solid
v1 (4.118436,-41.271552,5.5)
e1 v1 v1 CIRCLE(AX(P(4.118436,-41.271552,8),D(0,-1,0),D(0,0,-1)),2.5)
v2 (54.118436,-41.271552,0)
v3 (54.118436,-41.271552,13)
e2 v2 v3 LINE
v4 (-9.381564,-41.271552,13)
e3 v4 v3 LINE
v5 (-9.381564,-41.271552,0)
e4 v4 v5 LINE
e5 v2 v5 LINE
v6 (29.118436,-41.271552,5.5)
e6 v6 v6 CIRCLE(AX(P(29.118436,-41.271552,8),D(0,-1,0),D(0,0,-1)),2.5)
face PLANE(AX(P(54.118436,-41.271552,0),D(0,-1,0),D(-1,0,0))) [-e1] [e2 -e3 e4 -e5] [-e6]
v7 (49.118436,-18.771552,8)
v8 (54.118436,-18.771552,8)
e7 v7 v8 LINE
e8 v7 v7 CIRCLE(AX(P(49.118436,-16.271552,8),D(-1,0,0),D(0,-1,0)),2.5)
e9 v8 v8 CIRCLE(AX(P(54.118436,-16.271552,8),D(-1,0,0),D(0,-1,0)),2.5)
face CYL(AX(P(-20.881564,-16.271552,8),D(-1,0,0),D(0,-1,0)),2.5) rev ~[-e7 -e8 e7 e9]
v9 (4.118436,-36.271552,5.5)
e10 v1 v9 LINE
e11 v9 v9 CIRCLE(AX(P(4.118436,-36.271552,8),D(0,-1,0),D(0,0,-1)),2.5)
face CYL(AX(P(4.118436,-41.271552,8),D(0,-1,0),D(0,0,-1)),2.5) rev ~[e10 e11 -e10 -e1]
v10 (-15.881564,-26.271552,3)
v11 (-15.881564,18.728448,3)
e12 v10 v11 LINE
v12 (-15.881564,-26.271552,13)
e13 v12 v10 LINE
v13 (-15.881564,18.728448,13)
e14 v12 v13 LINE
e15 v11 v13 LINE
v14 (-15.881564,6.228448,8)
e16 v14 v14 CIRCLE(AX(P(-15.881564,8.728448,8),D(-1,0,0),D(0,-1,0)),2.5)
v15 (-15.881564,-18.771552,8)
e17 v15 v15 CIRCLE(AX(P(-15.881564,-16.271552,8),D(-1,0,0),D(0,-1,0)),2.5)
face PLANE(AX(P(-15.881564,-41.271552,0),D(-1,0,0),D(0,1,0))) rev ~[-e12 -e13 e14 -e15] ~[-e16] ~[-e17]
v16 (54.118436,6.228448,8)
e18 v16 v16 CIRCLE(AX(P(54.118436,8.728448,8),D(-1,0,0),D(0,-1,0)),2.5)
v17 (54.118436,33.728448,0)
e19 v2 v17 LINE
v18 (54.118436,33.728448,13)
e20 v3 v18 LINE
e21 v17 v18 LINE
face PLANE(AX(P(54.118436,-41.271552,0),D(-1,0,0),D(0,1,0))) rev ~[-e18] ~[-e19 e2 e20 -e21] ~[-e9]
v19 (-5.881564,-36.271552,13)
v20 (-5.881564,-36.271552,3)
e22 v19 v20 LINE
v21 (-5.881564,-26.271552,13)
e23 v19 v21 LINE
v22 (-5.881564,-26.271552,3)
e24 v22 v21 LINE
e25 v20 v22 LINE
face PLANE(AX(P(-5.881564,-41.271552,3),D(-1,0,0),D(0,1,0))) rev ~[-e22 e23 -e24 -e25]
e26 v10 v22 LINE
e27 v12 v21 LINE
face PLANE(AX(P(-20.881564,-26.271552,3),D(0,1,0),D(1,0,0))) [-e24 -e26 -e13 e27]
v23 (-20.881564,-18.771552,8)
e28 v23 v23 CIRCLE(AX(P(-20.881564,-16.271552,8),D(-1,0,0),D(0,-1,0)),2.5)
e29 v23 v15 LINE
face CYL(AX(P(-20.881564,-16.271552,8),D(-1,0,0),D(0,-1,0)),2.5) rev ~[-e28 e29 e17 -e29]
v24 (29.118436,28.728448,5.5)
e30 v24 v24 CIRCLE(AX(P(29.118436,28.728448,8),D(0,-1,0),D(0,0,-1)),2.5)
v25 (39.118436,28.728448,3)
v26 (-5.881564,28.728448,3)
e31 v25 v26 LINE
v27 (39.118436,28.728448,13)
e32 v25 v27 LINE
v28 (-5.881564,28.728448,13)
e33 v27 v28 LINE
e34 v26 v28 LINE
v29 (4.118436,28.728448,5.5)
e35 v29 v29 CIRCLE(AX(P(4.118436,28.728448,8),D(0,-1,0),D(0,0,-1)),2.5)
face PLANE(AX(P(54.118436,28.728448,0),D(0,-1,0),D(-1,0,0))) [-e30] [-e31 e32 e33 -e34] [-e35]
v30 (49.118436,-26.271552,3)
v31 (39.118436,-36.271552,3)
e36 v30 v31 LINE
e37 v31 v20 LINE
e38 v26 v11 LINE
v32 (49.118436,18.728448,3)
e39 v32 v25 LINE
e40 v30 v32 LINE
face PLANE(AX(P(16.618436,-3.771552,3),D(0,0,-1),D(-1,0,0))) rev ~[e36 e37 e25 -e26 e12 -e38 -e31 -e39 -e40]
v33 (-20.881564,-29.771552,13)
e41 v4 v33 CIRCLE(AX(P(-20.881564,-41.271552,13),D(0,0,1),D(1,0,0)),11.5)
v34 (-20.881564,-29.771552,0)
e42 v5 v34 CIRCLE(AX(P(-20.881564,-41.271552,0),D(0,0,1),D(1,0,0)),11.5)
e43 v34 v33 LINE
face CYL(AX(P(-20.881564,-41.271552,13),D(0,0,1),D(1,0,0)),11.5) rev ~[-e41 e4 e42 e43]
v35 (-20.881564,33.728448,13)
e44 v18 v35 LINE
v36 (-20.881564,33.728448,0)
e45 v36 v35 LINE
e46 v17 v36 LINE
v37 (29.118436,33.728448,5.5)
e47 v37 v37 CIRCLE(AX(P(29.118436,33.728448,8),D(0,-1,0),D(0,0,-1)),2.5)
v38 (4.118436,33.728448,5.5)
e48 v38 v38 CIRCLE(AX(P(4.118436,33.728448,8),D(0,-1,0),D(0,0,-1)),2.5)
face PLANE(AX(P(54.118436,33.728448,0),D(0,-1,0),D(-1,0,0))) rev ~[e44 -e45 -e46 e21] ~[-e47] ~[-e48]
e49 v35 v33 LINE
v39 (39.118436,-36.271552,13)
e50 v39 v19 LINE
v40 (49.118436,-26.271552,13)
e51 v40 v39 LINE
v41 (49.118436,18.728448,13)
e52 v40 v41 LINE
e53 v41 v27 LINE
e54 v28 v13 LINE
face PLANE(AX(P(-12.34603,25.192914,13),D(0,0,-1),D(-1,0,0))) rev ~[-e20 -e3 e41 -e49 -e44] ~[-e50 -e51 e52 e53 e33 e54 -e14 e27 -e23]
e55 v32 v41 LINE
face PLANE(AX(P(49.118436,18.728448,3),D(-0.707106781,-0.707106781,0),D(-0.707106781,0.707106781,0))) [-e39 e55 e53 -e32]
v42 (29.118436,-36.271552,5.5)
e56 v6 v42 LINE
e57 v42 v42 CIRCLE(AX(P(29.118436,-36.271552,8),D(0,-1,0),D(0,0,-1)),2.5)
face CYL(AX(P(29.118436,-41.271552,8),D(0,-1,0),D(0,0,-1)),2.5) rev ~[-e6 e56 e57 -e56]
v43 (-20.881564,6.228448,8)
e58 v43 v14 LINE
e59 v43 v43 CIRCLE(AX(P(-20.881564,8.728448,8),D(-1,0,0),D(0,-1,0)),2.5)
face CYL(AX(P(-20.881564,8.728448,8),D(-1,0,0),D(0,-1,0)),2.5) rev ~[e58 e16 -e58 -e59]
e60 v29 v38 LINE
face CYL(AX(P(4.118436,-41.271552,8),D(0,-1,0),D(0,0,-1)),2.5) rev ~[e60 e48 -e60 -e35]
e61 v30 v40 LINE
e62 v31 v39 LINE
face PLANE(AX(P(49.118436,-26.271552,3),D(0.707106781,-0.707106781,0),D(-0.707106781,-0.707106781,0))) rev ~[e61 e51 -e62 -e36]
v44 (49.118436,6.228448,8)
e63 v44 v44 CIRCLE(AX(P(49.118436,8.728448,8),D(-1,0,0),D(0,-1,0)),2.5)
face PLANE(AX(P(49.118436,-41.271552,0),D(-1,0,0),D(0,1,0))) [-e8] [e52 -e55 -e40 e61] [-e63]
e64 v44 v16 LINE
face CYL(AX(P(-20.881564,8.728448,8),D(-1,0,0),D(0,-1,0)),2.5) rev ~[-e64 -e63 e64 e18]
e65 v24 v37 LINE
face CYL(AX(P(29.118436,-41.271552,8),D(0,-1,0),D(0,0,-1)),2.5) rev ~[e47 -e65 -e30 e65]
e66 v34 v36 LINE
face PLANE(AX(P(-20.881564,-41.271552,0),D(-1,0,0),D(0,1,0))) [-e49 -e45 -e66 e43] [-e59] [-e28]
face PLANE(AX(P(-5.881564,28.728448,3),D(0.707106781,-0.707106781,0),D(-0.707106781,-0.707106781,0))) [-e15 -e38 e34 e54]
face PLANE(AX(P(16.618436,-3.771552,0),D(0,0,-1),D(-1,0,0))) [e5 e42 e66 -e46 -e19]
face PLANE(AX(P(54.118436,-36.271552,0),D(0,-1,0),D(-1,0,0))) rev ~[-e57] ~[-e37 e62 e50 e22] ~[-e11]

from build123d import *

# Parameters (mm, degrees)
BOSS_EXTRU_1_DEPTH        = 13
COQUE1_T                  = -5
COQUE1_THICKNESS_2_FACE_W = 65
COQUE1_THICKNESS_2_FACE_H = 65
COQUE1_THICKNESS_2_DEPTH  = 2
ENL_V_MAT_EXTRU_1_REACH   = 88.587
ESQUISSE2_R               = 2.5
ENL_V_MAT_EXTRU_2_REACH   = 95.396
ESQUISSE3_R               = 2.5
ESQUISSE4_W               = 15
ESQUISSE4_H               = 15
BOSS_EXTRU_2_DEPTH        = 10
ESQUISSE5_R               = 11.5
ENL_V_MAT_EXTRU_3_DEPTH   = 13


with BuildPart() as part:
    # Esquisse1 → Boss.-Extru.1 (new body)
    with BuildSketch(Plane.XY):
        Polygon((44.118436308, 33.728448276), (54.118436308, 33.728448276), (54.118436308, 23.728448276), (54.118436308, -41.271551724), (-20.881563692, -41.271551724), (-20.881563692, 33.728448276), align=None)
    extrude(amount=BOSS_EXTRU_1_DEPTH)

    # Coque1
    coque1_openings = [part.faces().sort_by_distance(p)[0] for p in [
        (16.618436308, -3.771551724, 13),
    ]]
    offset(amount=COQUE1_T, openings=coque1_openings, kind=Kind.INTERSECTION)

    # Coque1 thickness 2 face (on inner face of the shell) → Coque1 thickness 2 (cut)
    with BuildSketch(Plane(origin=(16.618436308, -3.771551724, 5), x_dir=(-1, 0, 0), z_dir=(0, 0, -1))):
        Rectangle(COQUE1_THICKNESS_2_FACE_W, COQUE1_THICKNESS_2_FACE_H)
    extrude(amount=COQUE1_THICKNESS_2_DEPTH, mode=Mode.SUBTRACT)

    # Enlèv. mat.-Extru.1: up to this face of the body (flat: up to its plane)
    enl_v_mat_extru_1_end = Plane(part.part.faces().sort_by_distance((54.118436308, -3.771551724, 6.5))[0])
    # Esquisse2 → Enlèv. mat.-Extru.1 (cut, up to the picked face)
    with BuildSketch(Plane.ZY.offset(20.881563692), mode=Mode.PRIVATE) as enl_v_mat_extru_1_sk1:
        with Locations(Location((8, -16.271551724, 0), (0, 0, 270))):
            Circle(ESQUISSE2_R)
    enl_v_mat_extru_1_tool1 = split(extrude(enl_v_mat_extru_1_sk1.sketch, amount=-ENL_V_MAT_EXTRU_1_REACH, mode=Mode.PRIVATE), bisect_by=enl_v_mat_extru_1_end, keep=Keep.BOTH, mode=Mode.PRIVATE)
    # Esquisse2 → Enlèv. mat.-Extru.1 (cut, up to the picked face)
    with BuildSketch(Plane.ZY.offset(20.881563692), mode=Mode.PRIVATE) as enl_v_mat_extru_1_sk2:
        with Locations(Location((8, 8.728448276, 0), (0, 0, 270))):
            Circle(ESQUISSE2_R)
    enl_v_mat_extru_1_tool2 = split(extrude(enl_v_mat_extru_1_sk2.sketch, amount=-ENL_V_MAT_EXTRU_1_REACH, mode=Mode.PRIVATE), bisect_by=enl_v_mat_extru_1_end, keep=Keep.BOTH, mode=Mode.PRIVATE)
    add(enl_v_mat_extru_1_tool1.solids().sort_by(Axis((-20.881564, -16.271552, 8), (1, 0, 0)))[0], mode=Mode.SUBTRACT)
    add(enl_v_mat_extru_1_tool2.solids().sort_by(Axis((-20.881564, 8.728448, 8), (1, 0, 0)))[0], mode=Mode.SUBTRACT)

    # Enlèv. mat.-Extru.2: up to this face of the body (flat: up to its plane)
    enl_v_mat_extru_2_end = Plane(part.part.faces().sort_by_distance((16.618436308, 33.728448276, 6.5))[0])
    # Esquisse3 → Enlèv. mat.-Extru.2 (cut, up to the picked face)
    with BuildSketch(Plane.XZ.offset(41.271551724), mode=Mode.PRIVATE) as enl_v_mat_extru_2_sk1:
        with Locations(Location((4.118436308, 8, 0), (0, 0, 270))):
            Circle(ESQUISSE3_R)
    enl_v_mat_extru_2_tool1 = split(extrude(enl_v_mat_extru_2_sk1.sketch, amount=-ENL_V_MAT_EXTRU_2_REACH, mode=Mode.PRIVATE), bisect_by=enl_v_mat_extru_2_end, keep=Keep.BOTH, mode=Mode.PRIVATE)
    # Esquisse3 → Enlèv. mat.-Extru.2 (cut, up to the picked face)
    with BuildSketch(Plane.XZ.offset(41.271551724), mode=Mode.PRIVATE) as enl_v_mat_extru_2_sk2:
        with Locations(Location((29.118436308, 8, 0), (0, 0, 270))):
            Circle(ESQUISSE3_R)
    enl_v_mat_extru_2_tool2 = split(extrude(enl_v_mat_extru_2_sk2.sketch, amount=-ENL_V_MAT_EXTRU_2_REACH, mode=Mode.PRIVATE), bisect_by=enl_v_mat_extru_2_end, keep=Keep.BOTH, mode=Mode.PRIVATE)
    add(enl_v_mat_extru_2_tool1.solids().sort_by(Axis((4.118436, -41.271552, 8), (0, 1, 0)))[0], mode=Mode.SUBTRACT)
    add(enl_v_mat_extru_2_tool2.solids().sort_by(Axis((29.118436, -41.271552, 8), (0, 1, 0)))[0], mode=Mode.SUBTRACT)

    # Esquisse4 → Boss.-Extru.2 (add)
    with BuildSketch(Plane.XY.offset(3)):
        Polygon((-5.881563692, 28.728448276), (-15.881563692, 18.728448276), (-15.881563692, 28.728448276), align=None)
        Polygon((49.118436308, 28.728448276), (49.118436308, 18.728448276), (39.118436308, 28.728448276), align=None)
        Polygon((49.118436308, -36.271551724), (49.118436308, -26.271551724), (39.118436308, -36.271551724), align=None)
        with Locations((-13.381563692, -33.771551724)):
            Rectangle(ESQUISSE4_W, ESQUISSE4_H)
    extrude(amount=BOSS_EXTRU_2_DEPTH)

    # Esquisse5 → Enlèv. mat.-Extru.3 (cut)
    with BuildSketch(Plane.XY.offset(13)):
        with Locations((-20.881563692, -41.271551724)):
            Circle(ESQUISSE5_R)
    extrude(amount=-ENL_V_MAT_EXTRU_3_DEPTH, mode=Mode.SUBTRACT)


solid = part.part
